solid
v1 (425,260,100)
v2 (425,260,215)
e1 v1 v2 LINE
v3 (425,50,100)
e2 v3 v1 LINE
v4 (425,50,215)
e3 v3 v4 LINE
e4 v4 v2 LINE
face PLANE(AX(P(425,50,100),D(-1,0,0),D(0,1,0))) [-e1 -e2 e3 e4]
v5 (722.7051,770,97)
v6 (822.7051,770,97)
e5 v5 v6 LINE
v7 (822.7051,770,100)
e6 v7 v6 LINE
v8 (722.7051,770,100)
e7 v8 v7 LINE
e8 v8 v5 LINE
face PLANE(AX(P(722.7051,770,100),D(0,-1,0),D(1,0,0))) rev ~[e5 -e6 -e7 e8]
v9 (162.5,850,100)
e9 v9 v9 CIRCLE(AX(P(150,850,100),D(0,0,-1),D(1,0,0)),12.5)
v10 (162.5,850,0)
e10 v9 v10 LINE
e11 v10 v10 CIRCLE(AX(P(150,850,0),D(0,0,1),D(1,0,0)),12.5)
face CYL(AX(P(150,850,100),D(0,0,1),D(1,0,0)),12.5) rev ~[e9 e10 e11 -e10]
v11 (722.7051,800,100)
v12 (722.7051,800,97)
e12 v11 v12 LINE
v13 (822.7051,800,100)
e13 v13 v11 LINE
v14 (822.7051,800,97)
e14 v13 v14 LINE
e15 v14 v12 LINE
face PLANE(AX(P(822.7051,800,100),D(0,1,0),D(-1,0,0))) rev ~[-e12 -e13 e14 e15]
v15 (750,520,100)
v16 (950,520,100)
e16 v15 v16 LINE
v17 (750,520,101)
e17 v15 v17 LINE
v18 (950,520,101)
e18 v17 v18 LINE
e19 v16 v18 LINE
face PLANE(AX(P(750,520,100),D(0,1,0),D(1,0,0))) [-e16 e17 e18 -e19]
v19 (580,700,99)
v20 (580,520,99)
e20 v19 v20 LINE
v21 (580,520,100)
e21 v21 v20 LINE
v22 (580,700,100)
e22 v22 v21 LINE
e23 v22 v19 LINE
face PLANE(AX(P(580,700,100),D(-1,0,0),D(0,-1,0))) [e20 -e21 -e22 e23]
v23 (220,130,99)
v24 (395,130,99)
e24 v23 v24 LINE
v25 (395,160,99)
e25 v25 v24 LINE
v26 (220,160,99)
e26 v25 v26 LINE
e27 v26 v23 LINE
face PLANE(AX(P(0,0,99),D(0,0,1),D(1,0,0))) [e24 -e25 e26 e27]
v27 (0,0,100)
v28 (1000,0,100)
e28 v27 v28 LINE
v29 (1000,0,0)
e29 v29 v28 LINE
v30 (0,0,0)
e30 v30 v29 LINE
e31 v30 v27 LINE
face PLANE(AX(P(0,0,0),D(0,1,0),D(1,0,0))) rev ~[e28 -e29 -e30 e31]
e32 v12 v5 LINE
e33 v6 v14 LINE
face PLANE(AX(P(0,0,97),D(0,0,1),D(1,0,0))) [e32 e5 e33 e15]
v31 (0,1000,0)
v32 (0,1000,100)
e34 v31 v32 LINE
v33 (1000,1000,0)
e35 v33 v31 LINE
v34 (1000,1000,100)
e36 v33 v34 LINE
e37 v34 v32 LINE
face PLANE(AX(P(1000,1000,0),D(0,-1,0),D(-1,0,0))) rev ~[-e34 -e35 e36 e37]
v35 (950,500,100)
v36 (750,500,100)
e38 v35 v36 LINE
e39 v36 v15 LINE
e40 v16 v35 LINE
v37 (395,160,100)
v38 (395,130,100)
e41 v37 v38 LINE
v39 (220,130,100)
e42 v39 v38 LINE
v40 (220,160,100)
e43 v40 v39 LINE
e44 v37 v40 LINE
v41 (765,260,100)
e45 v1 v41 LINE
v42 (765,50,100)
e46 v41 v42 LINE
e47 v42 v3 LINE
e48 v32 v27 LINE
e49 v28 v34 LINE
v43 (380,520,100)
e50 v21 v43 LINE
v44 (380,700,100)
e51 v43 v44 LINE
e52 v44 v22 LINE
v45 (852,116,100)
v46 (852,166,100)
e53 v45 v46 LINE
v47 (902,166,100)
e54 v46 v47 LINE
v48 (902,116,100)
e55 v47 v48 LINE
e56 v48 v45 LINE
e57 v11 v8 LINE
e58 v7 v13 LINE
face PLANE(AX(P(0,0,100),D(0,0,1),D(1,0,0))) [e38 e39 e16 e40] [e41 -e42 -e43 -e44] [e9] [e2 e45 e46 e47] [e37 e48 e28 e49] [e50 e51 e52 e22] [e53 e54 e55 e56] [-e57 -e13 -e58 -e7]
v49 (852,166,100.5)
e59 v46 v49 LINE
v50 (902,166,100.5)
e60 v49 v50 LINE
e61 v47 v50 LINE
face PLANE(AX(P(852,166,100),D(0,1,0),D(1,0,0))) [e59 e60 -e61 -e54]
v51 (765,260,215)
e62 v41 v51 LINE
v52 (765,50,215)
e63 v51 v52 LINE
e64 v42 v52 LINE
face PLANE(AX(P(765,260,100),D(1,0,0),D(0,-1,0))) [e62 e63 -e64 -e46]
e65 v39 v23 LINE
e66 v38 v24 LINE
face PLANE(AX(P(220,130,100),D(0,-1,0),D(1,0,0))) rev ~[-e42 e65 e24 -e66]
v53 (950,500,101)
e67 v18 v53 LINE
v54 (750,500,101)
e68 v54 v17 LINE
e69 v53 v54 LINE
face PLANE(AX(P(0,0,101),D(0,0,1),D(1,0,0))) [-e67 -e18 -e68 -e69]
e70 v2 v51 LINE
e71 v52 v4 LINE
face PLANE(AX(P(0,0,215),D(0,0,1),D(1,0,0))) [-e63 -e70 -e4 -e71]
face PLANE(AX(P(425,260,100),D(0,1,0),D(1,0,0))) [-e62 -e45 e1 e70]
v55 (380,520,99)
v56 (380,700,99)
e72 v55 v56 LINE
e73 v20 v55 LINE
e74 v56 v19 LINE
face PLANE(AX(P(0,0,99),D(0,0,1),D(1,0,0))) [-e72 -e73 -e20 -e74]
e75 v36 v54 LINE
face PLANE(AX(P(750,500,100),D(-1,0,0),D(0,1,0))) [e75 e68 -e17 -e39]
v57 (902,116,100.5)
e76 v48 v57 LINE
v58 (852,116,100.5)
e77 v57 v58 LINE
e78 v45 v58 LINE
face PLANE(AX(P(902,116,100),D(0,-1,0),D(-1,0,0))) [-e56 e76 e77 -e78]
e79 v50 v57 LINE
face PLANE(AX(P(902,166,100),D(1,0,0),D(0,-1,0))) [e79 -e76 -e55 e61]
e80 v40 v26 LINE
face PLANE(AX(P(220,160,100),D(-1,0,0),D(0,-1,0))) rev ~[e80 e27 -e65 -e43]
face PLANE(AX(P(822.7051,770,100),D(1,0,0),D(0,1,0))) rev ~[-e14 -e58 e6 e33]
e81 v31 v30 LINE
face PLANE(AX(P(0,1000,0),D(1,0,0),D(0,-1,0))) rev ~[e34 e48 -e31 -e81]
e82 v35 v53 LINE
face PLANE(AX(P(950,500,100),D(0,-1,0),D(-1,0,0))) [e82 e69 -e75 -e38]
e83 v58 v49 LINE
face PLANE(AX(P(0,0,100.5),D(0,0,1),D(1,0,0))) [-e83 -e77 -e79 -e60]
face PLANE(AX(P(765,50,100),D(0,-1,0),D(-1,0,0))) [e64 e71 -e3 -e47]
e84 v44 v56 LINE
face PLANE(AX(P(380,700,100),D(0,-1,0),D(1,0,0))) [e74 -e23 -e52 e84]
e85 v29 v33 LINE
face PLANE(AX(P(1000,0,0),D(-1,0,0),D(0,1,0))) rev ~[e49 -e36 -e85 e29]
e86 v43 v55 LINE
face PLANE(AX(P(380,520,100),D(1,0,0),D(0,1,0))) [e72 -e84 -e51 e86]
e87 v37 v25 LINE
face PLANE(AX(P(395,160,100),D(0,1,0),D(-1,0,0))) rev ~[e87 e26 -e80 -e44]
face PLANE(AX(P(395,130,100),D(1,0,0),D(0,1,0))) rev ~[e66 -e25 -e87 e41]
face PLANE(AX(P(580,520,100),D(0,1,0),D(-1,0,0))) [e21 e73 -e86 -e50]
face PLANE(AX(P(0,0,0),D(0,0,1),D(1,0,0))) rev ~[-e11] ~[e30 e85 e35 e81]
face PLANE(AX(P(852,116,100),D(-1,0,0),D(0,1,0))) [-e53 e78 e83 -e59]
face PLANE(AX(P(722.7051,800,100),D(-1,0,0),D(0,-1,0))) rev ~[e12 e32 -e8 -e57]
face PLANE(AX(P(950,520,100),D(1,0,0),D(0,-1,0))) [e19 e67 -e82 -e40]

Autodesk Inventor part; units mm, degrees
sketch "Sketch1" plane through (0, 0, 0) normal (0, 0, 1) x (1, 0, 0)
  line L0 (0, 0) -> (1000, 0)
  line L1 (1000, 0) -> (1000, 1000)
  line L2 (1000, 1000) -> (0, 1000)
  line L3 (0, 1000) -> (0, 0)
  dimension "d0" = 1000
  dimension "d1" = 1000
extrude "Extrusion1" add sketch "Sketch1" along normal blind 100
sketch "Sketch8" plane through (0, 0, 100) normal (0, 0, 1) x (1, 0, 0)
  line L0 (1000, 1000) -> (0, 1000) projected
  line L1 (0, 1000) -> (150, 1000)
  line L2 (150, 1000) -> (150, 850)
  circle A0 centre (150, 850) radius 12.5
  point P0 (0, 0)
  dimension "d30" = 150
  dimension "d31" = 150
  dimension "d32" = 25
extrude "Extrusion4" cut sketch "Sketch8" against normal blind 100
sketch "Sketch9" plane through (0, 0, 100) normal (0, 0, 1) x (1, 0, 0)
  line L0 (425, 260) -> (765, 260)
  line L1 (765, 260) -> (765, 50)
  line L2 (765, 50) -> (425, 50)
  line L3 (425, 50) -> (425, 260)
  line L4 (0, 0) -> (1000, 0) projected
  line L5 (0, 1000) -> (0, 0) projected
  dimension "d35" = 210
  dimension "d36" = 340
  dimension "d37" = 50
extrude "Extrusion5" add sketch "Sketch9" along normal blind 115
ref_plane "Work Plane6" through (1000, 0, 0) normal (1, 0, 0) x (0, 0, -1)
ref_plane "Work Plane7" through (0, 775, 0) normal (0, 1, 0) x (1, 0, 0)
sketch "Sketch12" plane through (0, 0, 100) normal (0, 0, 1) x (1, 0, 0)
  line L0 (0, 0) -> (1000, 0) projected
  line L1 (877, 141) -> (742, 141) construction
  line L2 (877, 141) -> (877, 166) construction
  line L3 (902, 166) -> (902, 116)
  line L4 (902, 116) -> (852, 116)
  line L5 (852, 116) -> (852, 166)
  line L6 (852, 166) -> (902, 166)
  dimension "d58" = 25
  dimension "d59" = 50
  dimension "d60" = 50
  dimension "d63" = 25
  dimension "d64" = 25
extrude "Extrusion8" add sketch "Sketch12" along normal blind 0.5
ref_plane "Work Plane8" through (0, 237, 0) normal (0, -1, 0) x (1, 0, 0)
sketch "Sketch13" plane through (0, 0, 100) normal (0, 0, 1) x (1, 0, 0)
  line L0 (425, 260) -> (425, 50) projected
  line L1 (425, 155) -> (395, 155)
  line L2 (395, 155) -> (395, 160)
  line L3 (395, 160) -> (220, 160)
  line L4 (220, 160) -> (220, 130)
  line L5 (220, 130) -> (395, 130)
  line L6 (395, 130) -> (395, 155)
  line L7 (425, 50) -> (164, 50)
  point P0 (0, 0)
  dimension "d67" = 30
  dimension "d68" = 5
  dimension "d69" = 175
  dimension "d73" = 80
extrude "Extrusion9" cut sketch "Sketch13" against normal blind 1
sketch "Sketch14" plane through (0, 0, 100) normal (0, 0, 1) x (1, 0, 0)
  line L0 (580, 520) -> (380, 520)
  line L1 (380, 520) -> (380, 700)
  line L2 (380, 700) -> (580, 700)
  line L3 (580, 700) -> (580, 520)
  line L4 (0, 1000) -> (0, 0) projected
  line L5 (1000, 1000) -> (0, 1000) projected
  point P0 (380, 610)
  dimension "d74" = 180
  dimension "d75" = 200
  dimension "d76" = 380
  dimension "d77" = 300
extrude "Extrusion10" cut sketch "Sketch14" against normal blind 1
sketch "Sketch16" plane through (0, 0, 100) normal (0, 0, 1) x (1, 0, 0)
  line L0 (722.7051, 770) -> (822.7051, 770)
  line L1 (822.7051, 770) -> (822.7051, 800)
  line L2 (822.7051, 800) -> (722.7051, 800)
  line L3 (722.7051, 800) -> (722.7051, 770)
  line L4 (1000, 1000) -> (0, 1000) projected
  point P0 (0, 0)
  dimension "d86" = 100
  dimension "d87" = 30
  dimension "d90" = 200
extrude "Extrusion12" cut sketch "Sketch16" against normal blind 3
sketch "Sketch18" plane through (0, 0, 100) normal (0, 0, 1) x (1, 0, 0)
  line L0 (950, 500) -> (750, 500)
  line L1 (750, 500) -> (750, 520)
  line L2 (750, 520) -> (950, 520)
  line L3 (950, 520) -> (950, 500)
  line L4 (1000, 0) -> (1000, 1000) projected
  line L5 (0, 0) -> (1000, 0) projected
  dimension "d93" = 20
  dimension "d94" = 50
  dimension "d95" = 500
  dimension "d96" = 200
extrude "Extrusion14" add sketch "Sketch18" along normal blind 1
properties part number "Base"
